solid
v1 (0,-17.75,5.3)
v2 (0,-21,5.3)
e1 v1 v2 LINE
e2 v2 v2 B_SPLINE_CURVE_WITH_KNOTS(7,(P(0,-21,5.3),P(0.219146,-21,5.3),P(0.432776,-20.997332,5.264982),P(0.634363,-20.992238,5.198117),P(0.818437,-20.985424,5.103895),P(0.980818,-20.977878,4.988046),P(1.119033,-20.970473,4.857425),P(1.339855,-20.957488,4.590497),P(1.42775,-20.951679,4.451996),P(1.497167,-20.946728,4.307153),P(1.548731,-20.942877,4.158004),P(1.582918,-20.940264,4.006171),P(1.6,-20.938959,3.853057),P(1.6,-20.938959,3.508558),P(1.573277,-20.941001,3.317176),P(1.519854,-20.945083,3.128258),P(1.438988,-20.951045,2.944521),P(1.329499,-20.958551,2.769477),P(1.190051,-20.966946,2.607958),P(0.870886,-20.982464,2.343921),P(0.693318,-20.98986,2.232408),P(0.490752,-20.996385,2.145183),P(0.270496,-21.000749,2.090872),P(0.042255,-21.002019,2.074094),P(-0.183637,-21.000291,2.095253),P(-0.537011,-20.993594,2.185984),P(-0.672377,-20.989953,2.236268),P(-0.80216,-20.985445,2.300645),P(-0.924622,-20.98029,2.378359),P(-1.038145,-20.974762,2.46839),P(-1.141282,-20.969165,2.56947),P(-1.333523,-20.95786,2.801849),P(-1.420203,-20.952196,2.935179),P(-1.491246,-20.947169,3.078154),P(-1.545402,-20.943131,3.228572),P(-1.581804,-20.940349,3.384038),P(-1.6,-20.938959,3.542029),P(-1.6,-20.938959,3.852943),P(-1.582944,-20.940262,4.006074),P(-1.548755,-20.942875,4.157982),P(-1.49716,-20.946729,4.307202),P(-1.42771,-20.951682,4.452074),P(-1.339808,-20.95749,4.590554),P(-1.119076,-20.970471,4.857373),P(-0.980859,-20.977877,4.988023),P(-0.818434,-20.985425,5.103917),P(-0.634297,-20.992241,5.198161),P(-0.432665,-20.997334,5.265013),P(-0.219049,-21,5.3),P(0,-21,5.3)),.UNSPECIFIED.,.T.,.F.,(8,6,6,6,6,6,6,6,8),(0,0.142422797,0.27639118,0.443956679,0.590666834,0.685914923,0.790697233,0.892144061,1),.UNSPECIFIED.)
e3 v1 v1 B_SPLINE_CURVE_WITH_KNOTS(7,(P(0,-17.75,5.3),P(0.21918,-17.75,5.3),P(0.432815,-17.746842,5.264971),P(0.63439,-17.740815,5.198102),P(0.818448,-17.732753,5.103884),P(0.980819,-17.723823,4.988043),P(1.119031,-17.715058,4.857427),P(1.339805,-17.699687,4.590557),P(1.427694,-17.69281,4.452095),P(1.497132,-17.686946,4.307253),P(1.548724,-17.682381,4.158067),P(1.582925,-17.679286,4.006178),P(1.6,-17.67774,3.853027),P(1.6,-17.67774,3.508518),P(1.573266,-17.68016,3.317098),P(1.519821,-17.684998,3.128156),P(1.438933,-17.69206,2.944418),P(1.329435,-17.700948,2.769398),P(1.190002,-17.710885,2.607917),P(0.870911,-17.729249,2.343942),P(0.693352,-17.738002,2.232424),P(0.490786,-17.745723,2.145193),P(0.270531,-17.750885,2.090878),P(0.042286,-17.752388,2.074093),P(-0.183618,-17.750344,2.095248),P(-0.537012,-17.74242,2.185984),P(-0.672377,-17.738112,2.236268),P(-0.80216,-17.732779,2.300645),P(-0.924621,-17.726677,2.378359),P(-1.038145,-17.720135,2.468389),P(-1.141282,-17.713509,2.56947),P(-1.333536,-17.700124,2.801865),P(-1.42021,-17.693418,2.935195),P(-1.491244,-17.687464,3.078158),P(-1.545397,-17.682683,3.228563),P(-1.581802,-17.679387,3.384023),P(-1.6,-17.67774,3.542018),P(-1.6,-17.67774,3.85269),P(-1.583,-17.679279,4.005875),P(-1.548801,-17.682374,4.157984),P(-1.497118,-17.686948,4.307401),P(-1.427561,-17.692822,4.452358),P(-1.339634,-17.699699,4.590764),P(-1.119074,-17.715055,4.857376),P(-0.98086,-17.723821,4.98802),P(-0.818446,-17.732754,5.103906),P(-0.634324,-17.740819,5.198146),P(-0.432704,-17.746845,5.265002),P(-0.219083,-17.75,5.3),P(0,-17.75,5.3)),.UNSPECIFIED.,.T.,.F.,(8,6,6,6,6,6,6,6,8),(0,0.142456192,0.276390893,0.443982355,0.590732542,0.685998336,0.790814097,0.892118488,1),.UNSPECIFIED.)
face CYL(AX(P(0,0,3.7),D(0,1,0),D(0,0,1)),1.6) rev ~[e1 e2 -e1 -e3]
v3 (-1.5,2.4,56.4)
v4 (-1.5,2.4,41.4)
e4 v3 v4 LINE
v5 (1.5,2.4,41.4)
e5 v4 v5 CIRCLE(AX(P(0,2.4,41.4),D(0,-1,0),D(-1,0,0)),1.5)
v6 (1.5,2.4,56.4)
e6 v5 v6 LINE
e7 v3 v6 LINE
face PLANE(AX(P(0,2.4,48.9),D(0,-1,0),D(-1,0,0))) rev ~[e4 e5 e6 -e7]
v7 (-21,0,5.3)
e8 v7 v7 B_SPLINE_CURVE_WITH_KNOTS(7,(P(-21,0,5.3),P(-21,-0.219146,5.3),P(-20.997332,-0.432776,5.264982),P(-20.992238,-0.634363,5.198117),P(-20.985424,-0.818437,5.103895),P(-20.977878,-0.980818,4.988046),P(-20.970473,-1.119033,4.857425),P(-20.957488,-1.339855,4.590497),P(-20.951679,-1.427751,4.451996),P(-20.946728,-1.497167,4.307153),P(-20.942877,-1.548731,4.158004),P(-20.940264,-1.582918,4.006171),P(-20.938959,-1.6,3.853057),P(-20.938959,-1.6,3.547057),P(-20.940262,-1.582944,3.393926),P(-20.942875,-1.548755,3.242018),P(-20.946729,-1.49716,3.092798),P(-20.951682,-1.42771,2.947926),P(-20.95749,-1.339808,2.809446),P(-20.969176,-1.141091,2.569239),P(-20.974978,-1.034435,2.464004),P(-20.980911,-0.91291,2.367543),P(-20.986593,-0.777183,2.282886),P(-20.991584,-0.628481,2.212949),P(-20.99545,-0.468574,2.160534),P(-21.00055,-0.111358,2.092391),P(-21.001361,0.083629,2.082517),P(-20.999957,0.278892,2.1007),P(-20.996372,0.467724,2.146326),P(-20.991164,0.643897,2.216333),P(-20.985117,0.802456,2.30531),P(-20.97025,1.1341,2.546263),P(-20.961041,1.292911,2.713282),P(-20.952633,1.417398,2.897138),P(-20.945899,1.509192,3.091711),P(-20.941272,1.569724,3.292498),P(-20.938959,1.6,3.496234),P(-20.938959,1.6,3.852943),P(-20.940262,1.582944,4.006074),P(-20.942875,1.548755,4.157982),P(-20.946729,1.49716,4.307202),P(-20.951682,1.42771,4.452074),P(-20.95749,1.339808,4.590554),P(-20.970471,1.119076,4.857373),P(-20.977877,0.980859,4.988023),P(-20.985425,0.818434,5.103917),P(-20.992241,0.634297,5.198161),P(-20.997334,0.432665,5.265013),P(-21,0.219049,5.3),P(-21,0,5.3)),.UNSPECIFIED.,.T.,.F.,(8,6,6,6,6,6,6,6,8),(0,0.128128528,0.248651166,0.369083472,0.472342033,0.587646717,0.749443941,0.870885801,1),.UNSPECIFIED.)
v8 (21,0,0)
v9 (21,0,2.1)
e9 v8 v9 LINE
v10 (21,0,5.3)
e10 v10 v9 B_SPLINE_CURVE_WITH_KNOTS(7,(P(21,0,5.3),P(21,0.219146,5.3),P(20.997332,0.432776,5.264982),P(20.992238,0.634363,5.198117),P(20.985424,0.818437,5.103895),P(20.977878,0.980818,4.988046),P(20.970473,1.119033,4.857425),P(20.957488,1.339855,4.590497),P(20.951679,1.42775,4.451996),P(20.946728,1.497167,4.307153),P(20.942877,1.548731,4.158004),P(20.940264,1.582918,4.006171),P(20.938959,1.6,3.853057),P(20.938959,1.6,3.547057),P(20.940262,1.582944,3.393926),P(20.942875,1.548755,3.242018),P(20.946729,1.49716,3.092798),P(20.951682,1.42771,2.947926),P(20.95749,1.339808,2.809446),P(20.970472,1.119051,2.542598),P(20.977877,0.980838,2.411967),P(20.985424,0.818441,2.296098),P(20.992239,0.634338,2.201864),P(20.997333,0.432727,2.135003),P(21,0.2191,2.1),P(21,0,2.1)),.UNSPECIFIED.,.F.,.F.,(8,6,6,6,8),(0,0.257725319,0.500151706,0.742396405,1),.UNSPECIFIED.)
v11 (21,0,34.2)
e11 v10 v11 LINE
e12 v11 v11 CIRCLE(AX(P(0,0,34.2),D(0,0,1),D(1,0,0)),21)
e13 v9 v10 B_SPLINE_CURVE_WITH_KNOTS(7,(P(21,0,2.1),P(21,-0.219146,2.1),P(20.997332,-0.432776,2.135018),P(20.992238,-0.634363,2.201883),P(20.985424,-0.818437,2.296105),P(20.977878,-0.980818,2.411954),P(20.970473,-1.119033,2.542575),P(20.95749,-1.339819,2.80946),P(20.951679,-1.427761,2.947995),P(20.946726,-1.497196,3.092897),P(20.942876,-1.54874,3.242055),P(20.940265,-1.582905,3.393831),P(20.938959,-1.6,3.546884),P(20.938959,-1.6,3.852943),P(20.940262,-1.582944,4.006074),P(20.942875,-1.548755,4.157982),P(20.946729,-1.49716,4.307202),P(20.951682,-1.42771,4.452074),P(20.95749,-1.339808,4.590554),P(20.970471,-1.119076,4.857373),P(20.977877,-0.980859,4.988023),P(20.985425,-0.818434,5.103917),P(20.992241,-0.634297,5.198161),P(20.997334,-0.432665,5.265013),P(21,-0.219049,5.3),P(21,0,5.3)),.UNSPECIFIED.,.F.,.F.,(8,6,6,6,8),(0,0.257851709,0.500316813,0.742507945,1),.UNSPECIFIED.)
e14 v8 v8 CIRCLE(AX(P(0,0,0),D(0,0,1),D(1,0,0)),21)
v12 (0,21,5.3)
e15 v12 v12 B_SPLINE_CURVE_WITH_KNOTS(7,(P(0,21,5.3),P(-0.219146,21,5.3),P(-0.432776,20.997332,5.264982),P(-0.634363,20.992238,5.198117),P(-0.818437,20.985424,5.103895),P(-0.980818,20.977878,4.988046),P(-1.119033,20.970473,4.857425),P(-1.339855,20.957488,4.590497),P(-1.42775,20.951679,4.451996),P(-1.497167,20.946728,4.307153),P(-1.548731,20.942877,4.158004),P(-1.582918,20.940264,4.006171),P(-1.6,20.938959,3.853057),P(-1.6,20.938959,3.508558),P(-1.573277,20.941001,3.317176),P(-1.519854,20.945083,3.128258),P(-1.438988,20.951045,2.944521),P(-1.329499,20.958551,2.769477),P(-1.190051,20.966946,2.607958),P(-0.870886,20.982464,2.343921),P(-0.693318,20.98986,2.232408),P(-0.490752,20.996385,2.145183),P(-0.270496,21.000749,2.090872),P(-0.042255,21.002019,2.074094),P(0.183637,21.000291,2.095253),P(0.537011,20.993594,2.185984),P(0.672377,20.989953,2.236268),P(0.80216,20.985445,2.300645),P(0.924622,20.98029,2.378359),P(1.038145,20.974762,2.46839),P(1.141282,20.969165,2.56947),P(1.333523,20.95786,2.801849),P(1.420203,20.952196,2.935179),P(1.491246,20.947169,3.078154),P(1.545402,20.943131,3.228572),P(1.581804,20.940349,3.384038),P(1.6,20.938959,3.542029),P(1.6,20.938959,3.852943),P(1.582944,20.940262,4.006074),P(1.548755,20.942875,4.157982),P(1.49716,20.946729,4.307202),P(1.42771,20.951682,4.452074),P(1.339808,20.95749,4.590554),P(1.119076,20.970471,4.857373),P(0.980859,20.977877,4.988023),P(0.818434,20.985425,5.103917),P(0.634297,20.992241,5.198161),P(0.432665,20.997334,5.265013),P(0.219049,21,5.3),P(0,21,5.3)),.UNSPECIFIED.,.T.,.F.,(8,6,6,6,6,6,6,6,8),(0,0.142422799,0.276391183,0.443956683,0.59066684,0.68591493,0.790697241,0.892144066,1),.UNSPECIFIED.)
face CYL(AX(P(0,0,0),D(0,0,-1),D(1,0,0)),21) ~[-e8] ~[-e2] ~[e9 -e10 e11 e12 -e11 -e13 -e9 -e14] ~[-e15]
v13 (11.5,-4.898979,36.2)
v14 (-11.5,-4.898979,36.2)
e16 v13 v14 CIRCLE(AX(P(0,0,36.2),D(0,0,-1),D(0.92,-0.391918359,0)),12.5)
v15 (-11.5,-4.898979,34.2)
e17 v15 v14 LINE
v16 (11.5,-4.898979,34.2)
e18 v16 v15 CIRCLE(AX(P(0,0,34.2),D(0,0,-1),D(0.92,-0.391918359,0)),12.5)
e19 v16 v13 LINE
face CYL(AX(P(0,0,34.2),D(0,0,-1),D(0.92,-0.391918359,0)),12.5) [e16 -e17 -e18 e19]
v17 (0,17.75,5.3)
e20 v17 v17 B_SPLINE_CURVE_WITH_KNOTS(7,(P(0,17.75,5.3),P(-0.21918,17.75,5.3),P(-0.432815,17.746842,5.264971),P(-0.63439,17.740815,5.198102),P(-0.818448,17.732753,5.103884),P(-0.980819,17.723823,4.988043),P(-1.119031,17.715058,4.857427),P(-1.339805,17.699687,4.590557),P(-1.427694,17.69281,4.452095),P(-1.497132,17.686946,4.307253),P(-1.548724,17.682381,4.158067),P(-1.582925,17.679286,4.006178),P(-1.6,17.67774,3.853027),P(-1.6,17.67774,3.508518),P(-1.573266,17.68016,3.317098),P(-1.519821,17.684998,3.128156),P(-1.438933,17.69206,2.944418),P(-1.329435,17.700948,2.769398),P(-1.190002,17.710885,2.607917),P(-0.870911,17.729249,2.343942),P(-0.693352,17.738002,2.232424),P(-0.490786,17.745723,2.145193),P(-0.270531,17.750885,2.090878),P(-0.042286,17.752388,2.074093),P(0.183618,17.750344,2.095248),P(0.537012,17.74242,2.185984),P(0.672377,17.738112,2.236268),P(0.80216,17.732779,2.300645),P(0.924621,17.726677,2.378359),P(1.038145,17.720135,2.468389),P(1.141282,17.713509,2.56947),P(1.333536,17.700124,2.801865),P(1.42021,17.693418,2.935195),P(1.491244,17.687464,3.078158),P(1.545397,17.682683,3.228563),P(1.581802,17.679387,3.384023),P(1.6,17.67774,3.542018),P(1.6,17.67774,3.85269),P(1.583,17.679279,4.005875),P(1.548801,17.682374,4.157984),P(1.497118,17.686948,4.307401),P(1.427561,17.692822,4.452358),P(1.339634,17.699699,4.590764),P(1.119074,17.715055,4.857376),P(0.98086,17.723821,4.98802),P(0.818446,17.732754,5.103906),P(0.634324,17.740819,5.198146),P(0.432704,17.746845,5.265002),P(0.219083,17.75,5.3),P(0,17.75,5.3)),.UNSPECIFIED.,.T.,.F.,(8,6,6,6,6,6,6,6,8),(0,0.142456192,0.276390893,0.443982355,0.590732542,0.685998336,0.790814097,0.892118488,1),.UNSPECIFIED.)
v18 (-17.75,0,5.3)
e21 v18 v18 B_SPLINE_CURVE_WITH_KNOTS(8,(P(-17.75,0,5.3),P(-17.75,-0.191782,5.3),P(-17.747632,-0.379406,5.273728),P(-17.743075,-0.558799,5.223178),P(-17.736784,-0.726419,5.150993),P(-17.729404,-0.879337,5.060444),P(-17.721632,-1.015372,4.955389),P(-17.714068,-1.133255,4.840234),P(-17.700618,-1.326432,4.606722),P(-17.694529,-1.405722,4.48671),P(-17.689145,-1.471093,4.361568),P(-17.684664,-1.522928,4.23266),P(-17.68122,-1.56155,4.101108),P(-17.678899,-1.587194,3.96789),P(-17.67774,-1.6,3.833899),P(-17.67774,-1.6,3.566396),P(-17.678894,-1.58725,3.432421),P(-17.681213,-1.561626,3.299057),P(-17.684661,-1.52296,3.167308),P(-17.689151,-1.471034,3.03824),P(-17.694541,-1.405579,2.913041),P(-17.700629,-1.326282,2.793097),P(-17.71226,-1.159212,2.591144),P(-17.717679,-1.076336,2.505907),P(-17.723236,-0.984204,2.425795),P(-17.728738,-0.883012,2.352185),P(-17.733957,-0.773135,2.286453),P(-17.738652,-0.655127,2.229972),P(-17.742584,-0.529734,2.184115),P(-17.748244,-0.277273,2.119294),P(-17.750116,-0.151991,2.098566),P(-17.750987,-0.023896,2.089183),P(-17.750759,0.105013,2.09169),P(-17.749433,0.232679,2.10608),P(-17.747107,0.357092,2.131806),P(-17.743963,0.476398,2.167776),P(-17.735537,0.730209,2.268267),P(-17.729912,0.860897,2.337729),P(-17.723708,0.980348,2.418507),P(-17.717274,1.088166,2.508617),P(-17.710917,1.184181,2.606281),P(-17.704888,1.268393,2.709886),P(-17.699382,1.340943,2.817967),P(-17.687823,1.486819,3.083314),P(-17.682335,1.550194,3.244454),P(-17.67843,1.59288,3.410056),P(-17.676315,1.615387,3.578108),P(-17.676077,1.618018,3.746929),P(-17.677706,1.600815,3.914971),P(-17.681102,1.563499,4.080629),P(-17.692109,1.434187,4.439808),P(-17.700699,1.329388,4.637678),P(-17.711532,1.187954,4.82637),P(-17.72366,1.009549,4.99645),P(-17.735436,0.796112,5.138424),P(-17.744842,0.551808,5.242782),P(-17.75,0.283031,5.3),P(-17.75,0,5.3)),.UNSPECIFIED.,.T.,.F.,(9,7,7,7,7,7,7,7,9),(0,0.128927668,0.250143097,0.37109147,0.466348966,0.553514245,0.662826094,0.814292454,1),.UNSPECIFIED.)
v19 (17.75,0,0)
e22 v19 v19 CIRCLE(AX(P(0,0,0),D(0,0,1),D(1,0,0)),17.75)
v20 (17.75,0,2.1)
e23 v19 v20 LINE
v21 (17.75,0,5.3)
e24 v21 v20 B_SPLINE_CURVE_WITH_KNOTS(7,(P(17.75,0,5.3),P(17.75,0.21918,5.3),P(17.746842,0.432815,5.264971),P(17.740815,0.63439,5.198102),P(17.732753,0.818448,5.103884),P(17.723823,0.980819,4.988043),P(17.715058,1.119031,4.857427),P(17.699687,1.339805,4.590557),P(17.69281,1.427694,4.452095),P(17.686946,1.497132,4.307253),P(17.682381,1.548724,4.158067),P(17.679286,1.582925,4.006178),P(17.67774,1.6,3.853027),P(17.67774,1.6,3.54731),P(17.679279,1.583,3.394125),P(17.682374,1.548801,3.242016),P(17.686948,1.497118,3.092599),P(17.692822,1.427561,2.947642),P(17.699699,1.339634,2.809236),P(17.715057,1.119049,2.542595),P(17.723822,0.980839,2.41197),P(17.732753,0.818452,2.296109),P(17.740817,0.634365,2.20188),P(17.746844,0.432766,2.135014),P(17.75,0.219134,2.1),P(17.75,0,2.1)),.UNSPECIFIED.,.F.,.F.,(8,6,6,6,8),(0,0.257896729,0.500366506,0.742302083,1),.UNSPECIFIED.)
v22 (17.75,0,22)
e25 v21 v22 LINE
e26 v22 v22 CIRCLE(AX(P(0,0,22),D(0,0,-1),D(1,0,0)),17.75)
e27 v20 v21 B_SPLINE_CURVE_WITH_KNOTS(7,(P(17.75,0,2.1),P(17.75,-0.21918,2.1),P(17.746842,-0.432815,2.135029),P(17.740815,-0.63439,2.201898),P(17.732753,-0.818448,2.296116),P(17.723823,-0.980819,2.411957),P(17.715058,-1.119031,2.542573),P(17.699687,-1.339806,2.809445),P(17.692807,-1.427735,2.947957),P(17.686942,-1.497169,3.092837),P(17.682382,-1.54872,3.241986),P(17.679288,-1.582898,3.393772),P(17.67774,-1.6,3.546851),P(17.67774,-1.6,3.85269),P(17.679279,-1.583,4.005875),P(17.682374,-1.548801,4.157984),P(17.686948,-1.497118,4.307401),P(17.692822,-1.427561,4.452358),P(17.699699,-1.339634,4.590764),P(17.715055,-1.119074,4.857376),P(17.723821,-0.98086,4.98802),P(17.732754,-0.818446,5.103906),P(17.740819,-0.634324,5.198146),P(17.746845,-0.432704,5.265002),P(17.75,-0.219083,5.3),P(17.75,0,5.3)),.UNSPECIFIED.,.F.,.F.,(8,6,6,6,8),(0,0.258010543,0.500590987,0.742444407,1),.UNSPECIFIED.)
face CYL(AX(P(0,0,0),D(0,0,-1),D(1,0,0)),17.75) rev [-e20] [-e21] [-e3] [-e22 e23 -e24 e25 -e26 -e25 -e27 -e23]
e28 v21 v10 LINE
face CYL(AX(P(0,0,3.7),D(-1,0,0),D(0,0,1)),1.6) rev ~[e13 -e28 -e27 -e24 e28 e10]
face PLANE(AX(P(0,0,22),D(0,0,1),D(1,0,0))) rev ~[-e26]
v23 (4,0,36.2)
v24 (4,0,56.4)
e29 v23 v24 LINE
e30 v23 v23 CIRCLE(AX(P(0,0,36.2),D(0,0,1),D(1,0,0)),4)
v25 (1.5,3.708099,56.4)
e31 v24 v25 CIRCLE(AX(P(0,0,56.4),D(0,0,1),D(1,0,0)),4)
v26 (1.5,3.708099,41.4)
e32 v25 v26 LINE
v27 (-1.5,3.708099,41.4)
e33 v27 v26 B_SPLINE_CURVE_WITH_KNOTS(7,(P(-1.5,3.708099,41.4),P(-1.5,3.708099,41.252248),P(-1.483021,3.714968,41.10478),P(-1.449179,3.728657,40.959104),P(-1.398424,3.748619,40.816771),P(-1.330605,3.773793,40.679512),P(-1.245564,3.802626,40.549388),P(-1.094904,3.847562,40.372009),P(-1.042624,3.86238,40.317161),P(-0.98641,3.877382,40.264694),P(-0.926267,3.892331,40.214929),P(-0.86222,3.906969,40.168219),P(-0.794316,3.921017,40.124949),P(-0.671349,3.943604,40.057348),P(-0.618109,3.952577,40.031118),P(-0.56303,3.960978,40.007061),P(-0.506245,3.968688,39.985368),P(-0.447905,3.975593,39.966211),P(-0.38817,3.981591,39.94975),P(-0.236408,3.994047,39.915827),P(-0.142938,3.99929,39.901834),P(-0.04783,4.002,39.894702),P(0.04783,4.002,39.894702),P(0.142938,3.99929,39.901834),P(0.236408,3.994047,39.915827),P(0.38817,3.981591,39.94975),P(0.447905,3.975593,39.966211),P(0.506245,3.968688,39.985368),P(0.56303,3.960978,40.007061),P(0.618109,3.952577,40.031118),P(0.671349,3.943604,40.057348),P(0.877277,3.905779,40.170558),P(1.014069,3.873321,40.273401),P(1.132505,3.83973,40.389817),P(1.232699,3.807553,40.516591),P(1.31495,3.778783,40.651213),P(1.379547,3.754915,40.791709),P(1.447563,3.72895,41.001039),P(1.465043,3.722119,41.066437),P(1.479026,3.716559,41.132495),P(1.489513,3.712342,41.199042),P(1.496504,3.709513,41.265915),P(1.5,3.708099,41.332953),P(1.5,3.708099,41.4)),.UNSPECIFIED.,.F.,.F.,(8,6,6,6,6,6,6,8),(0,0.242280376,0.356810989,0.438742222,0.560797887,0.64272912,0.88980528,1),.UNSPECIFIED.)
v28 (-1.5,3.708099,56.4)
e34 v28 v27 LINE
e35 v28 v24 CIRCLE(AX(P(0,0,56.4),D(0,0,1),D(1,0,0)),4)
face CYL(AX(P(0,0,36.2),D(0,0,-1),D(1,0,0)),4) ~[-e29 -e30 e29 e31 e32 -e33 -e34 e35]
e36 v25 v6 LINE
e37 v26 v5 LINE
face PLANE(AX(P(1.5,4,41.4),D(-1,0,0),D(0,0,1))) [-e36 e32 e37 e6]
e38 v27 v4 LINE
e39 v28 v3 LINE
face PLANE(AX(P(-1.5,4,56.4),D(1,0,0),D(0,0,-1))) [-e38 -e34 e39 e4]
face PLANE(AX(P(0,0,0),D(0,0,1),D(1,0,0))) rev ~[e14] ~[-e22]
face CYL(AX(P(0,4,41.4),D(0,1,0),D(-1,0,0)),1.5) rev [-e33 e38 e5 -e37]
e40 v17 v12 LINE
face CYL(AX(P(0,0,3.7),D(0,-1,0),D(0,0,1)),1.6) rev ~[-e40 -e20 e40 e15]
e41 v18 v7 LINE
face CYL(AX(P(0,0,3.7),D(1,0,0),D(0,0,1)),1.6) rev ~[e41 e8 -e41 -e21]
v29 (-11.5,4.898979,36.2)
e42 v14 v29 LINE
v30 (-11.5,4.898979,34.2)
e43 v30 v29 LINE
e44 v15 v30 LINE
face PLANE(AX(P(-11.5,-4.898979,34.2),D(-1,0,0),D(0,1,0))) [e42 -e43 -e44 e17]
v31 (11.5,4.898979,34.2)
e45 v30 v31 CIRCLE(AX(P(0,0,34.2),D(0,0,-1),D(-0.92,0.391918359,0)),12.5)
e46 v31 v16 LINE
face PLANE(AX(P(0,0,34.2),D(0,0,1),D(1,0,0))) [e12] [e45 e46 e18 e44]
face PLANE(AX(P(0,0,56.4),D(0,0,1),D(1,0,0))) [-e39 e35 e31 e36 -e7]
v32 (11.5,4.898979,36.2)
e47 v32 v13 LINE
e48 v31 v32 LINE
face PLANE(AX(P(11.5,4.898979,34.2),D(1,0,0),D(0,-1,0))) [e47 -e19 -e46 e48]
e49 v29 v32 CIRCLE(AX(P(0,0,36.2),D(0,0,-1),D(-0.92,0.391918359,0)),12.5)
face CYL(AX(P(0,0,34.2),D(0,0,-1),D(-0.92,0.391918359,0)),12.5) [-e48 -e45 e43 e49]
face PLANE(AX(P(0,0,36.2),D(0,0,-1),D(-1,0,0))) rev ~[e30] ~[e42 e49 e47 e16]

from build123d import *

# Parameters (mm, degrees)
SKETCH_1_R               = 21
SKETCH_1_R_2             = 17.75
EXTRUDE_1_DEPTH          = 34.2
EXTRUDE_START            = -12.2
SKETCH_2_R               = 21
EXTRUDE_2_DEPTH          = 12.2
EXTRUDE_3_DEPTH          = 2
SKETCH_4_R               = 4
EXTRUDE_4_DEPTH          = 20.2
SKETCH_5_R               = 1.6
CUT_EXTRUDE_1_DEPTH      = 64.741352355
PATTERN_CIRCULAR_1_COUNT = 4
CUT_EXTRUDE_2_DEPTH      = 1.6


with BuildPart() as part:
    # ｽｹｯﾁ1 → ﾎﾞｽ - 押し出し1 (new body)
    with BuildSketch(Plane.XY):
        Circle(SKETCH_1_R)
        Circle(SKETCH_1_R_2, mode=Mode.SUBTRACT)
    extrude(amount=EXTRUDE_1_DEPTH)

    # ｽｹｯﾁ2 → ﾎﾞｽ - 押し出し2 (add)
    with BuildSketch(Plane.XY.offset(34.2).offset(EXTRUDE_START)):
        Circle(SKETCH_2_R)
    extrude(amount=EXTRUDE_2_DEPTH)

    # ｽｹｯﾁ3 → ﾎﾞｽ - 押し出し3 (add)
    with BuildSketch(Plane.XY.offset(34.2)):
        with BuildLine():
            Line((-11.5, -4.898979486), (-11.5, 4.898979486))
            ThreePointArc((-11.5, 4.898979486), (0, 12.5), (11.5, 4.898979486))
            Line((11.5, 4.898979486), (11.5, -4.898979486))
            ThreePointArc((11.5, -4.898979486), (0, -12.5), (-11.5, -4.898979486))
        make_face()
    extrude(amount=EXTRUDE_3_DEPTH)

    # ｽｹｯﾁ4 → ﾎﾞｽ - 押し出し4 (add)
    with BuildSketch(Plane.XY.offset(36.2)):
        Circle(SKETCH_4_R)
    extrude(amount=EXTRUDE_4_DEPTH)

    # ｽｹｯﾁ5 → ｶｯﾄ - 押し出し1 (cut, through all)
    with BuildSketch(Plane(origin=(0, 0, 0), x_dir=(1, 0, 0), z_dir=(0, 1, 0))):
        with Locations(Location((0, -3.7, 0), (0, 0, 270))):
            Circle(SKETCH_5_R)
    cut_extrude_1 = extrude(amount=-CUT_EXTRUDE_1_DEPTH, mode=Mode.SUBTRACT)

    # 円形ﾊﾟﾀｰﾝ1: ｶｯﾄ - 押し出し1 ×4 about axis
    pattern_circular_1_axis = Axis((0, 0, 34.2), (0, 0, -1))
    for i in range(1, PATTERN_CIRCULAR_1_COUNT):
        add(cut_extrude_1.rotate(pattern_circular_1_axis, i * 360 / PATTERN_CIRCULAR_1_COUNT), mode=Mode.SUBTRACT)

    # ｽｹｯﾁ7 → ｶｯﾄ - 押し出し2 (cut)
    with BuildSketch(Plane(origin=(0, 4, 0), x_dir=(1, 0, 0), z_dir=(0, 1, 0))):
        with BuildLine():
            Line((-1.5, -56.4), (-1.5, -41.4))
            ThreePointArc((-1.5, -41.4), (0, -39.9), (1.5, -41.4))
            Line((1.5, -41.4), (1.5, -56.4))
            ThreePointArc((1.5, -56.4), (0, -57.9), (-1.5, -56.4))
        make_face()
    extrude(amount=-CUT_EXTRUDE_2_DEPTH, mode=Mode.SUBTRACT)


solid = part.part
